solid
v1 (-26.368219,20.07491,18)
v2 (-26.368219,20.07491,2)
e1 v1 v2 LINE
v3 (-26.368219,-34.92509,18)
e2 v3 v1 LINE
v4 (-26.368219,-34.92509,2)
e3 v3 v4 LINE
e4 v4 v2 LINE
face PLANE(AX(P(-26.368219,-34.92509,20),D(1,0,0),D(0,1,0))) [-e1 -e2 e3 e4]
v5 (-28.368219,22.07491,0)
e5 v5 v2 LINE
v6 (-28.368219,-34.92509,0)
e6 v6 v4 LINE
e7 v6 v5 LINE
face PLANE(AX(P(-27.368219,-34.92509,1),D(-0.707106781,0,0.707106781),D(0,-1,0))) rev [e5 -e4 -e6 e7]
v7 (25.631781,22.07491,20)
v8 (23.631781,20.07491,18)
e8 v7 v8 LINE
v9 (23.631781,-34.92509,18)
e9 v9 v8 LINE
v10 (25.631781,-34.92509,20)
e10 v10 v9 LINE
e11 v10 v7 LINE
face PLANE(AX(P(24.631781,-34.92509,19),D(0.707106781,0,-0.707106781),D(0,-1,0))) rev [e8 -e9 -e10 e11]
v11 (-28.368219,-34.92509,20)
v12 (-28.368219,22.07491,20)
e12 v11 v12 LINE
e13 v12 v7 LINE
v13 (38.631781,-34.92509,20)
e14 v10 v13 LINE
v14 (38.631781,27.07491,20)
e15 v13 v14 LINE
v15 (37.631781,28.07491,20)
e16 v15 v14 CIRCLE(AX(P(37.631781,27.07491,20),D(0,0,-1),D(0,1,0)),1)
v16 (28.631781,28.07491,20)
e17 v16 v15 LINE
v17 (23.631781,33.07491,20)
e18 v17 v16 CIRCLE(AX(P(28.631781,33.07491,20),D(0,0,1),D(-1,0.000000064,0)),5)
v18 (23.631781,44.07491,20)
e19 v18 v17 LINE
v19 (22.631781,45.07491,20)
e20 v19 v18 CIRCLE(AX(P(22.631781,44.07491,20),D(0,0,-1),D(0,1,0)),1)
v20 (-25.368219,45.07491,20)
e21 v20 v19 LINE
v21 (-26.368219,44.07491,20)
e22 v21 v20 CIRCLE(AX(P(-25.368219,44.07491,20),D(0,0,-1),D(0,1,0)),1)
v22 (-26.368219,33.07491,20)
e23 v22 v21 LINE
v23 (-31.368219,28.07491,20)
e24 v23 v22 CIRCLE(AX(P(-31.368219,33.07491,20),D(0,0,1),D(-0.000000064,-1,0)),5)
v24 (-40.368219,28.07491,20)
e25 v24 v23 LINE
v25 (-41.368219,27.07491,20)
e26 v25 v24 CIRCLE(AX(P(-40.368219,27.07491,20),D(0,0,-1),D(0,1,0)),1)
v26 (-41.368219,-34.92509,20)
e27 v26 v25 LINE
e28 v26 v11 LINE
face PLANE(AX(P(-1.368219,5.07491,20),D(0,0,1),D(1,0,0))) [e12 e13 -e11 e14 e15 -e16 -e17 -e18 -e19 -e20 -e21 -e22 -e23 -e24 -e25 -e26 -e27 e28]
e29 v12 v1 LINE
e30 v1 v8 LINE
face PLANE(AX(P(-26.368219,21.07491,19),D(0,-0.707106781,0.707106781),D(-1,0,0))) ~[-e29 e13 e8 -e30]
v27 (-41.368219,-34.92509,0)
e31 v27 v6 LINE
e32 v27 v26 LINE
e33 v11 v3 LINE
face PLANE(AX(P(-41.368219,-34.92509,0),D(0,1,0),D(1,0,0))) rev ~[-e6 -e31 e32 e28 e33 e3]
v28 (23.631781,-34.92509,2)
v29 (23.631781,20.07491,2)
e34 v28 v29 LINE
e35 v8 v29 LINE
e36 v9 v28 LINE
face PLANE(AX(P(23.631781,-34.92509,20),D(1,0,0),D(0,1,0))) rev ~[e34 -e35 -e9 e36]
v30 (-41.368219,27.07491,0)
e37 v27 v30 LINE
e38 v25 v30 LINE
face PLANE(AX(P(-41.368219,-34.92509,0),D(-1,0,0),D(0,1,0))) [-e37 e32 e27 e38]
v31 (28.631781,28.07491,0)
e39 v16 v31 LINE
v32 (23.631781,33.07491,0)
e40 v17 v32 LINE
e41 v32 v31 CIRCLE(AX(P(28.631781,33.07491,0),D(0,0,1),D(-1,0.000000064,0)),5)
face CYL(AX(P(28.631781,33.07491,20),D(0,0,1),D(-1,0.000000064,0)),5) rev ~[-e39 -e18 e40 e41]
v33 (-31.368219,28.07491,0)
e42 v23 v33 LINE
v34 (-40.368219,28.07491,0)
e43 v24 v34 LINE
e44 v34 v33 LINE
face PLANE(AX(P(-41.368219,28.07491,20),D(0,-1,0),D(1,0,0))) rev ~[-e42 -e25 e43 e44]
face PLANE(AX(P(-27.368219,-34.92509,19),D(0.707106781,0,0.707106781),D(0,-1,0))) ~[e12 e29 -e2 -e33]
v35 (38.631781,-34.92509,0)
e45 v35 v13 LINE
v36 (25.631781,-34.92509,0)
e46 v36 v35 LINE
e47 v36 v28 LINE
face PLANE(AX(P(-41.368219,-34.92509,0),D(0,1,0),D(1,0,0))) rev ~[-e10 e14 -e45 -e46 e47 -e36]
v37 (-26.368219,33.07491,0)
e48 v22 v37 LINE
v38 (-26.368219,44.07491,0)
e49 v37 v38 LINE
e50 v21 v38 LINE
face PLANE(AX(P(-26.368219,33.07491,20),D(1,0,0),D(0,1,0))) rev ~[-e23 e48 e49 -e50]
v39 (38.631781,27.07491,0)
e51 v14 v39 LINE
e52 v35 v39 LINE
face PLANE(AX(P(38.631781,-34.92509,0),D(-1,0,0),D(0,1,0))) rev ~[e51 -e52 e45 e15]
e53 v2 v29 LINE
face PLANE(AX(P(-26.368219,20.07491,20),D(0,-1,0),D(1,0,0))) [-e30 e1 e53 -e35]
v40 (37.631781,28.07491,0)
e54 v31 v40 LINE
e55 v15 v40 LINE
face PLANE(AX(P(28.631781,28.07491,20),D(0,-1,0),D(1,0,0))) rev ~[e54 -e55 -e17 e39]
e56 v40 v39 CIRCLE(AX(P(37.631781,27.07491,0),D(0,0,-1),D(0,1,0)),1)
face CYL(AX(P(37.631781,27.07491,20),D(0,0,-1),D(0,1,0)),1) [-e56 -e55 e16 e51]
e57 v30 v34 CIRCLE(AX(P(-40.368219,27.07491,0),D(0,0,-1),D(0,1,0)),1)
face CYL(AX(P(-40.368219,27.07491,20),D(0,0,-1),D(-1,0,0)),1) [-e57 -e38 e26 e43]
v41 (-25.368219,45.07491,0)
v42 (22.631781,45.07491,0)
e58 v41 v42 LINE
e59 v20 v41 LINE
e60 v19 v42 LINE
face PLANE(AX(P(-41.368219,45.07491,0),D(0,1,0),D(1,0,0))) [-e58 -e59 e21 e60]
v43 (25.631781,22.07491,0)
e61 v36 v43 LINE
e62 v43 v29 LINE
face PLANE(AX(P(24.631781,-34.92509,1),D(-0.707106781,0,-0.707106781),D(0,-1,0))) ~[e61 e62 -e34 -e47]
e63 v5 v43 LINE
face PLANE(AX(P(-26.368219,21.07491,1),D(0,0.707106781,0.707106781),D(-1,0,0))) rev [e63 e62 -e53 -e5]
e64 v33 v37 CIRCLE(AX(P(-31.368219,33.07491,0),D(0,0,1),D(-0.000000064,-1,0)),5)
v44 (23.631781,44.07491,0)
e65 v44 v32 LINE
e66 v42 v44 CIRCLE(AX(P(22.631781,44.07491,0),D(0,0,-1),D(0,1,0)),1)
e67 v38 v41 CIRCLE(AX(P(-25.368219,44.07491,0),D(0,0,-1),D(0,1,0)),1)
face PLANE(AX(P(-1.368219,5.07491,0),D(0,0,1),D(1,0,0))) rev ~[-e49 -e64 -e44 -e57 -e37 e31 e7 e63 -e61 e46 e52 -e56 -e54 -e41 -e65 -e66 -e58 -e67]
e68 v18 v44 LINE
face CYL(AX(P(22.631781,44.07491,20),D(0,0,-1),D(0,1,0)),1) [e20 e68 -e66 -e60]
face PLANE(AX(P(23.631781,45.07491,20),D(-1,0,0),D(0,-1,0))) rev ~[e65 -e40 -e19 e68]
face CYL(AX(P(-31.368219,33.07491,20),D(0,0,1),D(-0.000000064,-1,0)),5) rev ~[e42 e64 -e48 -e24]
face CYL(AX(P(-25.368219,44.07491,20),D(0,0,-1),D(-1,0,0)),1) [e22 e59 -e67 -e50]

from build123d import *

# Parameters (mm, degrees)
SKETCH_W        = 80
SKETCH_H        = 80
PAD_DEPTH       = 20
SKETCH001_W     = 50
SKETCH001_H     = 55
POCKET_DEPTH    = 20
POCKET001_DEPTH = 20
FILLET_R        = 1
CHAMFER_SIZE    = 2


with BuildPart() as part:
    # Sketch → Pad (new body)
    with BuildSketch(Plane.XY):
        with Locations((-1.368219, 5.07491)):
            Rectangle(SKETCH_W, SKETCH_H)
    extrude(amount=PAD_DEPTH)

    # Sketch001 (on Face6 of Pad) → Pocket (cut)
    with BuildSketch(Plane.XY.offset(20)):
        with Locations((-1.368219, -7.42509)):
            Rectangle(SKETCH001_W, SKETCH001_H)
    extrude(amount=-POCKET_DEPTH, mode=Mode.SUBTRACT)

    # Sketch002 (on Face5 of Pocket) → Pocket001 (cut)
    with BuildSketch(Plane.XY.offset(20)):
        with BuildLine():
            Line((-41.368219, 45.07491), (-41.368219, 28.07491))
            Line((-41.368219, 28.07491), (-31.368219, 28.07491))
            ThreePointArc((-31.368219, 28.07491), (-27.832685, 29.539376), (-26.368219, 33.07491))
            Line((-26.368219, 33.07491), (-26.368219, 45.07491))
            Line((-26.368219, 45.07491), (-41.368219, 45.07491))
        make_face()
        with BuildLine():
            Line((38.631781, 45.07491), (23.631781, 45.07491))
            Line((23.631781, 45.07491), (23.631781, 33.07491))
            ThreePointArc((23.631781, 33.07491), (25.096247, 29.539376), (28.631781, 28.07491))
            Line((28.631781, 28.07491), (38.631781, 28.07491))
            Line((38.631781, 28.07491), (38.631781, 45.07491))
        make_face()
    extrude(amount=-POCKET001_DEPTH, mode=Mode.SUBTRACT)

    # Fillet
    fillet_edges = [part.edges().sort_by_distance(p)[0] for p in [
        (-26.368219, 45.07491, 10),
        (-41.368219, 28.07491, 10),
        (38.631781, 28.07491, 10),
        (23.631781, 45.07491, 10),
    ]]
    fillet(fillet_edges, radius=FILLET_R)

    # Chamfer
    chamfer_edges = [part.edges().sort_by_distance(p)[0] for p in [
        (-26.368219, -7.42509, 20),
        (-1.368219, 20.07491, 20),
        (23.631781, -7.42509, 20),
        (-26.368219, -7.42509, 0),
        (-1.368219, 20.07491, 0),
        (23.631781, -7.42509, 0),
    ]]
    chamfer(chamfer_edges, length=CHAMFER_SIZE)


solid = part.part
